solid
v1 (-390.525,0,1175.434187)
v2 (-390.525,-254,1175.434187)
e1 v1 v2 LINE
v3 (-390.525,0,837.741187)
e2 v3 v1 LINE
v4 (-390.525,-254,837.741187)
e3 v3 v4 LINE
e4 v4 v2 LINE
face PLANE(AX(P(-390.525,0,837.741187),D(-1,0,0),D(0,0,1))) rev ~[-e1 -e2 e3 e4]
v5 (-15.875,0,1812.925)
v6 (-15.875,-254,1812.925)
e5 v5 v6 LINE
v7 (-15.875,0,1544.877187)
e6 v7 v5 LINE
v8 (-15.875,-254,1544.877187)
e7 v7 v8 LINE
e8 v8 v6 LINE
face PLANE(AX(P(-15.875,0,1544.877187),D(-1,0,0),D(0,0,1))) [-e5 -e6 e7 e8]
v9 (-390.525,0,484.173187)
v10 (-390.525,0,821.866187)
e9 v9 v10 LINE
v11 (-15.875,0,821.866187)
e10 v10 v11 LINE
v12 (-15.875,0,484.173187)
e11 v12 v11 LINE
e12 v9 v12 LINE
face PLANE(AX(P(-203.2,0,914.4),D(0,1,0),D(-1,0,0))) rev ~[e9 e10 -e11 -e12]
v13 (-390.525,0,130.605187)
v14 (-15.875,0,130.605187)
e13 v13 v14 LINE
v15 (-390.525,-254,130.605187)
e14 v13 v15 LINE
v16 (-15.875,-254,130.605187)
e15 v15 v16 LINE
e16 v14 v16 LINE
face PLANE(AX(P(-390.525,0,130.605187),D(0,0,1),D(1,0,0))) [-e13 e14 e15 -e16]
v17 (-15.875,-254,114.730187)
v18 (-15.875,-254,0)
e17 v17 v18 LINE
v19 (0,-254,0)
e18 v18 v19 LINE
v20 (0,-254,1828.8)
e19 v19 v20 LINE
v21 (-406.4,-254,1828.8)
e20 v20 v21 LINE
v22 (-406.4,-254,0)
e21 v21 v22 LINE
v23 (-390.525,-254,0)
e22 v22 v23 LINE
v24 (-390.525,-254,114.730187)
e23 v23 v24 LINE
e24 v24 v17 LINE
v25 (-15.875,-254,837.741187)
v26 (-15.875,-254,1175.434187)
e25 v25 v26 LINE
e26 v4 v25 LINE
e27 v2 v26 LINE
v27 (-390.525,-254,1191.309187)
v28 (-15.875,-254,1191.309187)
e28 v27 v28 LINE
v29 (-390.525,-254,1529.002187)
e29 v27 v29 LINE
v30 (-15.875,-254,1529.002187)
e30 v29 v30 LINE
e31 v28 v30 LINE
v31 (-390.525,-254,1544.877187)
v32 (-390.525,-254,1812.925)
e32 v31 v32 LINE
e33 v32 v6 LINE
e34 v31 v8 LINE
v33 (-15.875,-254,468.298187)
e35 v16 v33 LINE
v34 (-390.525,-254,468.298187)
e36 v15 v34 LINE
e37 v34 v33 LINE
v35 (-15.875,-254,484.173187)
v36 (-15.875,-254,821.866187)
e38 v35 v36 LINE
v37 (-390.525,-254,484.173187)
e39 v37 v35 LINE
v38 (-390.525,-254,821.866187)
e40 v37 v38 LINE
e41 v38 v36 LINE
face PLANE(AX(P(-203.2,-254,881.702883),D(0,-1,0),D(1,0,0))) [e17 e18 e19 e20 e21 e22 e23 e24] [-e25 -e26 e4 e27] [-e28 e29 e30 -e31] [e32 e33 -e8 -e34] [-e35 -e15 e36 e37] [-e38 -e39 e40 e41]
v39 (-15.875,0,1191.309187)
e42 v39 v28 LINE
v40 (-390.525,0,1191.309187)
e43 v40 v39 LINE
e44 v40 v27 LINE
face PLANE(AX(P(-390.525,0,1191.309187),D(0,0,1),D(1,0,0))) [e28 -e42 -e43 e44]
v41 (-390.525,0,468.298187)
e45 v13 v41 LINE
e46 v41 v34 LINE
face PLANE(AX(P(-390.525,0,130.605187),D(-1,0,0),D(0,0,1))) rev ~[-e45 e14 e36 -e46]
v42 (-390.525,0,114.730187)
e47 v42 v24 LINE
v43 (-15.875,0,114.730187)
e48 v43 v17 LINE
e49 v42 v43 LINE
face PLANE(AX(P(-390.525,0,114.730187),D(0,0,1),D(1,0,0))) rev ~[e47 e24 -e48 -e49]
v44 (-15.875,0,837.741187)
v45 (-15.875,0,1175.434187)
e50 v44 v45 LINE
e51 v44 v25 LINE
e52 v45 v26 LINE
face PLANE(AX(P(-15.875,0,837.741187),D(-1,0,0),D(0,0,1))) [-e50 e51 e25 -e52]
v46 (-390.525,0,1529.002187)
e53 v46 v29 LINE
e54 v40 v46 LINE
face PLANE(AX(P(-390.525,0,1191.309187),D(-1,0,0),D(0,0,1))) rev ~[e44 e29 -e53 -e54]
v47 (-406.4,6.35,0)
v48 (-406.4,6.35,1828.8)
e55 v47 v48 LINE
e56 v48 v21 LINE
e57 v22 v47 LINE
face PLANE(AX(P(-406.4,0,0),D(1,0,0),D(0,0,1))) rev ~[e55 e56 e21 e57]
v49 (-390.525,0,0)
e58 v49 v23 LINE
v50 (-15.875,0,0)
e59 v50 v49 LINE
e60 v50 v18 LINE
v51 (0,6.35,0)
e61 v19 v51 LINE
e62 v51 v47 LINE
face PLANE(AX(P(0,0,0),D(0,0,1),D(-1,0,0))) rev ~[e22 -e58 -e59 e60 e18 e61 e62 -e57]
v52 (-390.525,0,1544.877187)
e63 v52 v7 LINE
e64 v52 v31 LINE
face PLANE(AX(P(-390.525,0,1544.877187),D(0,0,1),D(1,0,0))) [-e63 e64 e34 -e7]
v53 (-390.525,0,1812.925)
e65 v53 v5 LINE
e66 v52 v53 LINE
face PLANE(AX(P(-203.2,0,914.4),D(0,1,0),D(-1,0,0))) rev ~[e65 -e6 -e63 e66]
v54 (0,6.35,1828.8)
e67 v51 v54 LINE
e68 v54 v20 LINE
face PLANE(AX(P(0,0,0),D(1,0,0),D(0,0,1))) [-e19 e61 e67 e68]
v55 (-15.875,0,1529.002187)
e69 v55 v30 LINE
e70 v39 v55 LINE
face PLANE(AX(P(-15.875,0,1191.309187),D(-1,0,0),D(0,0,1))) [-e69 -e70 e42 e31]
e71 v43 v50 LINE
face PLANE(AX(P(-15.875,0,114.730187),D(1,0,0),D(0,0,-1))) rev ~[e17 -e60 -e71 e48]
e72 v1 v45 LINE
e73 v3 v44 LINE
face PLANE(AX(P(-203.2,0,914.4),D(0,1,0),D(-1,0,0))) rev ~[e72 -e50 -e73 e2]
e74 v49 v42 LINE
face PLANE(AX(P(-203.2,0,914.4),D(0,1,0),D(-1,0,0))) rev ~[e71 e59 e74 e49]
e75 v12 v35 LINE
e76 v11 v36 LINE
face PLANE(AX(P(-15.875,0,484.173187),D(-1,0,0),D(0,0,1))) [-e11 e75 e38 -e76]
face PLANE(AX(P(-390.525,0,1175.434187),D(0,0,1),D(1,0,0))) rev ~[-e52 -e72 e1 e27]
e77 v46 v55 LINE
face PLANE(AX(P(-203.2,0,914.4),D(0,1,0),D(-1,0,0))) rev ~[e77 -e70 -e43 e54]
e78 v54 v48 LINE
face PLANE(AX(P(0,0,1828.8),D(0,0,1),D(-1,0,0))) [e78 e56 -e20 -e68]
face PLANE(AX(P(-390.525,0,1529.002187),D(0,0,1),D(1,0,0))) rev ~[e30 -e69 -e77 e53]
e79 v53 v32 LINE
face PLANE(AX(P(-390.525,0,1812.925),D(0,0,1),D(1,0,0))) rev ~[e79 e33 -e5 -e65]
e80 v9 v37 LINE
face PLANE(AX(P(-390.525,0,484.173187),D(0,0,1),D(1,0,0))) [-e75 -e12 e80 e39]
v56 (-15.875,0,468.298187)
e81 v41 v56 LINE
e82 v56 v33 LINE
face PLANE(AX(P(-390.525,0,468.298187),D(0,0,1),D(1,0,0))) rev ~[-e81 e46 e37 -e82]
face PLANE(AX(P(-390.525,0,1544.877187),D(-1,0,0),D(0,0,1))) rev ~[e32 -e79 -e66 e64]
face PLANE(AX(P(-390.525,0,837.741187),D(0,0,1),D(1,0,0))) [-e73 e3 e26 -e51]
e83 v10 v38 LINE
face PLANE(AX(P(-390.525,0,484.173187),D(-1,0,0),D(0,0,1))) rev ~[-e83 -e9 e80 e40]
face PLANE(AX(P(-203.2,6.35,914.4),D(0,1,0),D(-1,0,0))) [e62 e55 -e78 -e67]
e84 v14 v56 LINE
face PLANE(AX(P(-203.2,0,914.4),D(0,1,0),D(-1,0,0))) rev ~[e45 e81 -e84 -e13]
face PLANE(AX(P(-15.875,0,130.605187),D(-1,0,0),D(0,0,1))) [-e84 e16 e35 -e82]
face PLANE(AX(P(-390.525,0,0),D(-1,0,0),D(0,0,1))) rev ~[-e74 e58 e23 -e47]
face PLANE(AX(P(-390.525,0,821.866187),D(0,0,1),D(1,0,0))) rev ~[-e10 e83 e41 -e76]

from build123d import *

# Parameters (mm, degrees)
F0_W     = 374.65
F0_H     = 337.693
F0_H_2   = 268.047813
F1_DEPTH = 254
F2_W     = 406.4
F2_H     = 1828.8
F3_DEPTH = 6.35


with BuildPart() as f1:
    # F0 (on Front) → F1 (new body)
    with BuildSketch(Plane.XZ):
        Polygon((-15.875, 0), (0, 0), (0, 1828.8), (-15.875, 1828.8), (-390.525, 1828.8), (-406.4, 1828.8), (-406.4, 0), (-390.525, 0), (-390.525, 114.730187), (-15.875, 114.730187), align=None)
        with Locations((-203.2, 299.451687)):
            Rectangle(F0_W, F0_H, mode=Mode.SUBTRACT)
        with Locations((-203.2, 653.019687)):
            Rectangle(F0_W, F0_H, mode=Mode.SUBTRACT)
        with Locations((-203.2, 1006.587687)):
            Rectangle(F0_W, F0_H, mode=Mode.SUBTRACT)
        with Locations((-203.2, 1360.155687)):
            Rectangle(F0_W, F0_H, mode=Mode.SUBTRACT)
        with Locations((-203.2, 1678.901093)):
            Rectangle(F0_W, F0_H_2, mode=Mode.SUBTRACT)
    extrude(amount=F1_DEPTH)

    # F2 (on face) → F3 (join)
    with BuildSketch(Plane(origin=(0, 0, 0), x_dir=(-1, 0, 0), z_dir=(0, 1, 0))):
        with Locations((203.2, 914.4)):
            Rectangle(F2_W, F2_H)
    extrude(amount=F3_DEPTH)


solid = f1.part
